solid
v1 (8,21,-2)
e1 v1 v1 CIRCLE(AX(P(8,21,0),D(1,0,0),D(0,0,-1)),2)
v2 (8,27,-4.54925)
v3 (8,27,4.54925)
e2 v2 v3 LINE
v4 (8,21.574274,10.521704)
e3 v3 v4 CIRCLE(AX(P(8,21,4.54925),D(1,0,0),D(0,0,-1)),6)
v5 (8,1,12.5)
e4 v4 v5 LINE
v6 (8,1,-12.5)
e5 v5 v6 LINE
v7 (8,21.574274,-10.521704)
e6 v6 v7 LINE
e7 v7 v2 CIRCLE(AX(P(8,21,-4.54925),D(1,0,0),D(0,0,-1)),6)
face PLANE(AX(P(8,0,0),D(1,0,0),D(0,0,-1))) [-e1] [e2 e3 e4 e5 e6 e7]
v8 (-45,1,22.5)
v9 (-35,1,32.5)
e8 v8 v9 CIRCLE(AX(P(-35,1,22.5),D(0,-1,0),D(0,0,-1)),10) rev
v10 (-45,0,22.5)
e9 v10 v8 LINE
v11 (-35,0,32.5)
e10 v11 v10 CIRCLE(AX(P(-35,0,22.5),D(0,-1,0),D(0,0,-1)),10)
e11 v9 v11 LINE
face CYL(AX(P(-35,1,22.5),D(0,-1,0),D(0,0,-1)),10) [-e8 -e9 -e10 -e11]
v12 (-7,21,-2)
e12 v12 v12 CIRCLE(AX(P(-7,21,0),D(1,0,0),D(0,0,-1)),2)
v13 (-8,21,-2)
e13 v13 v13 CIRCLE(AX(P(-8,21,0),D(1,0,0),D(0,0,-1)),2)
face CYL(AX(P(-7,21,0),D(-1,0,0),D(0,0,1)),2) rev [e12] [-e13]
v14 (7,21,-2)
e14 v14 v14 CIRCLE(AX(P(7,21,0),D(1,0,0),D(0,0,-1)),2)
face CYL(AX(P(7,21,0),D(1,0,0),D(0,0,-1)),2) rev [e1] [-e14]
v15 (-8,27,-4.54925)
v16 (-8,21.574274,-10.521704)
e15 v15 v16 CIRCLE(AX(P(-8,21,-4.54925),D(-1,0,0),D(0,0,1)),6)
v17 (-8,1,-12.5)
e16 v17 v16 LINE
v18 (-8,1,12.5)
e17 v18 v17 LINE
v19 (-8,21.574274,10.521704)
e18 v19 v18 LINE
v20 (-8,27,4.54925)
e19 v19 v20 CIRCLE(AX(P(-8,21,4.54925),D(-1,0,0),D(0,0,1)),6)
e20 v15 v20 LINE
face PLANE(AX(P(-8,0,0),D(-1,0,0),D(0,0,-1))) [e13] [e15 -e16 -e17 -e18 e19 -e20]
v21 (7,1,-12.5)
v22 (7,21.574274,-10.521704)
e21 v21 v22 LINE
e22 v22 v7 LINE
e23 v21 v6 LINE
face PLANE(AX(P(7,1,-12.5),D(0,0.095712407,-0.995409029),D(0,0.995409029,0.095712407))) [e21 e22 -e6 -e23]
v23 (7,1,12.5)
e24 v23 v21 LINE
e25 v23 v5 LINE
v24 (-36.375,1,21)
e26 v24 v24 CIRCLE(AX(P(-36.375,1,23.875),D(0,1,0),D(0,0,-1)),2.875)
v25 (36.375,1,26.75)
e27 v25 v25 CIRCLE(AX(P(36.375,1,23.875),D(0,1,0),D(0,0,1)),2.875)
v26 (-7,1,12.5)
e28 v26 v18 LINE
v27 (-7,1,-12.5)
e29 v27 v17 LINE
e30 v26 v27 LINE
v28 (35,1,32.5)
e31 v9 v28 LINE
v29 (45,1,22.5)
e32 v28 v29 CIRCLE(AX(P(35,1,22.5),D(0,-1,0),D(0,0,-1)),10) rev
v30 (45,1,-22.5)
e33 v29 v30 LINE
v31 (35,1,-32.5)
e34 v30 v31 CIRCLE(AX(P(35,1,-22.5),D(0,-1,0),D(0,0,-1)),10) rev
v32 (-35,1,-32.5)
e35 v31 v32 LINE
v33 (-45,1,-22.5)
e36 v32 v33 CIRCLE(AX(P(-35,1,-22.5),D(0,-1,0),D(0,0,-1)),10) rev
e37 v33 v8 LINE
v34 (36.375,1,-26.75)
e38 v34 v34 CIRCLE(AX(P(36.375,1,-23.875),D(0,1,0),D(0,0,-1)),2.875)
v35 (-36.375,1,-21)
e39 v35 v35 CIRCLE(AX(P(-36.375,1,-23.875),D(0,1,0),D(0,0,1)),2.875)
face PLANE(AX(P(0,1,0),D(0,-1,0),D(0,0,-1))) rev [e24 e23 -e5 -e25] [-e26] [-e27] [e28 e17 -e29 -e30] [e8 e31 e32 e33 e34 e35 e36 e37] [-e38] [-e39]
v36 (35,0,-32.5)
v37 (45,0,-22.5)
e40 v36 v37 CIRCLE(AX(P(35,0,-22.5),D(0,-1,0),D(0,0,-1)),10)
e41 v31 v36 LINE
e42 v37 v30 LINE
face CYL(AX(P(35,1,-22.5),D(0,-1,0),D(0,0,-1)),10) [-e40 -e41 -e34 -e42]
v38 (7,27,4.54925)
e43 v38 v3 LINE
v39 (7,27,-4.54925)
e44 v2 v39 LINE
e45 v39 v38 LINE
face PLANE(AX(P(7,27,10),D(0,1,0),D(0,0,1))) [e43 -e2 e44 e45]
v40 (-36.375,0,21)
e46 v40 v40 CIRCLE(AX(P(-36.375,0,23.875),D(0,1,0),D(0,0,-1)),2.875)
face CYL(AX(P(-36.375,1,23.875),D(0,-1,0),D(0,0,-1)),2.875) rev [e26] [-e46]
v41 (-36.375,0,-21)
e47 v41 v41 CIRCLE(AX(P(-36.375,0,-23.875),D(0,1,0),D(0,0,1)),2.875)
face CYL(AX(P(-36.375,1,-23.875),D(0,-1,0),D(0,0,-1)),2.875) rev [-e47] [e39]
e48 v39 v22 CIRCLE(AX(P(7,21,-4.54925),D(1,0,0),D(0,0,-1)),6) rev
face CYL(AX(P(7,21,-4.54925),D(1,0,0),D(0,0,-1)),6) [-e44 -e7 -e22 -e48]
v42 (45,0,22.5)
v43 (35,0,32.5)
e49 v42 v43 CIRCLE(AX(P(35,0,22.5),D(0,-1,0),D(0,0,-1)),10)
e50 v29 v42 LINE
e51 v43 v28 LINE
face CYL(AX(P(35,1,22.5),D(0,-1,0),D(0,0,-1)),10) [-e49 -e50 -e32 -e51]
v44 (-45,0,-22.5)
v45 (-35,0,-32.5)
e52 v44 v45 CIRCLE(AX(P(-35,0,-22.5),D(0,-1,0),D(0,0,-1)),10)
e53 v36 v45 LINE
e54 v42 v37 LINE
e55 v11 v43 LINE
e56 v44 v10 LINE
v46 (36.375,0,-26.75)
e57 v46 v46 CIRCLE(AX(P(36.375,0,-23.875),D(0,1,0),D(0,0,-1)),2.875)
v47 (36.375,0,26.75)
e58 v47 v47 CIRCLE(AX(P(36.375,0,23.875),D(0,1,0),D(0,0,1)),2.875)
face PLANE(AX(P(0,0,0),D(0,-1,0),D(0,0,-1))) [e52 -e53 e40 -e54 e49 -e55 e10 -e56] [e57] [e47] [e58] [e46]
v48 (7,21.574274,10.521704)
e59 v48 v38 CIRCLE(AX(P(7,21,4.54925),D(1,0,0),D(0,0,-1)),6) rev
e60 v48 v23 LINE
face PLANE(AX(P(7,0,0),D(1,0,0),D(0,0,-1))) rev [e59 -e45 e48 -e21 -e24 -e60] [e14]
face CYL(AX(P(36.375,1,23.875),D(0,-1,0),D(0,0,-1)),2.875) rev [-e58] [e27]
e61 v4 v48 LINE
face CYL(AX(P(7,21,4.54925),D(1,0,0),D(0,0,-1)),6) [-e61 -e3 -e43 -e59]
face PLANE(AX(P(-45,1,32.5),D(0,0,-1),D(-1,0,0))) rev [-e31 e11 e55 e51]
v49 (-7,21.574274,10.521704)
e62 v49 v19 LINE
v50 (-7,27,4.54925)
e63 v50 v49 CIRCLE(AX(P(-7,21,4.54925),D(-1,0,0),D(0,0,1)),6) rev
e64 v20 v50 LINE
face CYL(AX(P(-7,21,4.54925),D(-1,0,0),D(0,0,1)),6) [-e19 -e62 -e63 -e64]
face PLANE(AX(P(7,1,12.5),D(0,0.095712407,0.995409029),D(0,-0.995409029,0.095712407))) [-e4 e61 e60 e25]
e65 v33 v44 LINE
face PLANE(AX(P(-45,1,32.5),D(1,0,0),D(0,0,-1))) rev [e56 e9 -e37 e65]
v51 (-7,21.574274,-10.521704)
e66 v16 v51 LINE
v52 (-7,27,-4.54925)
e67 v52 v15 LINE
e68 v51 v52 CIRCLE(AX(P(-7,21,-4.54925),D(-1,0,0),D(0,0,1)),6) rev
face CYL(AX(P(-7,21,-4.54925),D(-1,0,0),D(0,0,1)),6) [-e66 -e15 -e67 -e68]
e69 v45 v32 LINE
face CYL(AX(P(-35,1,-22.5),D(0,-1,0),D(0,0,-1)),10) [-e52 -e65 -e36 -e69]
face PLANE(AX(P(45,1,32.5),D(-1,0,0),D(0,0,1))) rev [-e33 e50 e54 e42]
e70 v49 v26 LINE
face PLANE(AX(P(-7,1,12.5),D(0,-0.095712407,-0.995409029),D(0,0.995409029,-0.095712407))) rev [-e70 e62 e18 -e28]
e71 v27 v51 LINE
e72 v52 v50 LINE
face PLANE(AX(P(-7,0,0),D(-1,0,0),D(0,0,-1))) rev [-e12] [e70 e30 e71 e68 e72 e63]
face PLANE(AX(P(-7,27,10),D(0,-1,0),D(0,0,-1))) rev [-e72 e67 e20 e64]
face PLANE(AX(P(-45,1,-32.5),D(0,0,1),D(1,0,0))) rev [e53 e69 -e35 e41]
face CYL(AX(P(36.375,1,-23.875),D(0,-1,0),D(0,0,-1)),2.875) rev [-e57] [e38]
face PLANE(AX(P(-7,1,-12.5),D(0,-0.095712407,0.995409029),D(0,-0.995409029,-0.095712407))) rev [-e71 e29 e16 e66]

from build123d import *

# Parameters (mm, degrees)
SKETCH1_W            = 90
SKETCH1_H            = 65
SKETCH1_R            = 2.875
BOSS_EXTRUDE1_DEPTH  = 1
FILLET1_R            = 10
BOSS_EXTRUDE2_START  = -37
SKETCH2_R            = 2
BOSS_EXTRUDE2_DEPTH  = 1
FILLET2_R            = 6
FILLET2_OF_MIRROR1_R = 6


with BuildPart() as part:
    # Sketch1 → Boss-Extrude1 (new body)
    with BuildSketch(Plane(origin=(0, 0, 0), x_dir=(1, 0, 0), z_dir=(0, 1, 0))):
        Rectangle(SKETCH1_W, SKETCH1_H)
        with Locations((-36.375, 23.875)):
            Circle(SKETCH1_R, mode=Mode.SUBTRACT)
        with Locations((36.375, 23.875)):
            Circle(SKETCH1_R, mode=Mode.SUBTRACT)
        with Locations((36.375, -23.875)):
            Circle(SKETCH1_R, mode=Mode.SUBTRACT)
        with Locations((-36.375, -23.875)):
            Circle(SKETCH1_R, mode=Mode.SUBTRACT)
    extrude(amount=BOSS_EXTRUDE1_DEPTH)

    # Fillet1
    fillet1_edges = [part.edges().sort_by_distance(p)[0] for p in [
        (45, 0.5, 32.5),
        (-45, 0.5, 32.5),
        (-45, 0.5, -32.5),
        (45, 0.5, -32.5),
    ]]
    fillet(fillet1_edges, radius=FILLET1_R)

    # Sketch2 → Boss-Extrude2 (add)
    with BuildSketch(Plane(origin=(45, 0, 0), x_dir=(0, 0, -1), z_dir=(1, 0, 0)).offset(BOSS_EXTRUDE2_START)):
        Polygon((-12.5, 1), (-10, 27), (10, 27), (12.5, 1), align=None)
        with Locations((0, 21)):
            Circle(SKETCH2_R, mode=Mode.SUBTRACT)
    boss_extrude2 = extrude(amount=-BOSS_EXTRUDE2_DEPTH)

    # Fillet2
    fillet2_edges = [part.edges().sort_by_distance(p)[0] for p in [
        (7.5, 27, 10),
        (7.5, 27, -10),
    ]]
    fillet(fillet2_edges, radius=FILLET2_R)

    # Mirror1: Boss-Extrude2 across plane
    add(boss_extrude2.mirror(Plane.ZY))

    # Fillet2 of Mirror1
    fillet2_of_mirror1_edges = [part.edges().sort_by_distance(p)[0] for p in [
        (-7.5, 27, 10),
        (-7.5, 27, -10),
    ]]
    fillet(fillet2_of_mirror1_edges, radius=FILLET2_OF_MIRROR1_R)


solid = part.part
